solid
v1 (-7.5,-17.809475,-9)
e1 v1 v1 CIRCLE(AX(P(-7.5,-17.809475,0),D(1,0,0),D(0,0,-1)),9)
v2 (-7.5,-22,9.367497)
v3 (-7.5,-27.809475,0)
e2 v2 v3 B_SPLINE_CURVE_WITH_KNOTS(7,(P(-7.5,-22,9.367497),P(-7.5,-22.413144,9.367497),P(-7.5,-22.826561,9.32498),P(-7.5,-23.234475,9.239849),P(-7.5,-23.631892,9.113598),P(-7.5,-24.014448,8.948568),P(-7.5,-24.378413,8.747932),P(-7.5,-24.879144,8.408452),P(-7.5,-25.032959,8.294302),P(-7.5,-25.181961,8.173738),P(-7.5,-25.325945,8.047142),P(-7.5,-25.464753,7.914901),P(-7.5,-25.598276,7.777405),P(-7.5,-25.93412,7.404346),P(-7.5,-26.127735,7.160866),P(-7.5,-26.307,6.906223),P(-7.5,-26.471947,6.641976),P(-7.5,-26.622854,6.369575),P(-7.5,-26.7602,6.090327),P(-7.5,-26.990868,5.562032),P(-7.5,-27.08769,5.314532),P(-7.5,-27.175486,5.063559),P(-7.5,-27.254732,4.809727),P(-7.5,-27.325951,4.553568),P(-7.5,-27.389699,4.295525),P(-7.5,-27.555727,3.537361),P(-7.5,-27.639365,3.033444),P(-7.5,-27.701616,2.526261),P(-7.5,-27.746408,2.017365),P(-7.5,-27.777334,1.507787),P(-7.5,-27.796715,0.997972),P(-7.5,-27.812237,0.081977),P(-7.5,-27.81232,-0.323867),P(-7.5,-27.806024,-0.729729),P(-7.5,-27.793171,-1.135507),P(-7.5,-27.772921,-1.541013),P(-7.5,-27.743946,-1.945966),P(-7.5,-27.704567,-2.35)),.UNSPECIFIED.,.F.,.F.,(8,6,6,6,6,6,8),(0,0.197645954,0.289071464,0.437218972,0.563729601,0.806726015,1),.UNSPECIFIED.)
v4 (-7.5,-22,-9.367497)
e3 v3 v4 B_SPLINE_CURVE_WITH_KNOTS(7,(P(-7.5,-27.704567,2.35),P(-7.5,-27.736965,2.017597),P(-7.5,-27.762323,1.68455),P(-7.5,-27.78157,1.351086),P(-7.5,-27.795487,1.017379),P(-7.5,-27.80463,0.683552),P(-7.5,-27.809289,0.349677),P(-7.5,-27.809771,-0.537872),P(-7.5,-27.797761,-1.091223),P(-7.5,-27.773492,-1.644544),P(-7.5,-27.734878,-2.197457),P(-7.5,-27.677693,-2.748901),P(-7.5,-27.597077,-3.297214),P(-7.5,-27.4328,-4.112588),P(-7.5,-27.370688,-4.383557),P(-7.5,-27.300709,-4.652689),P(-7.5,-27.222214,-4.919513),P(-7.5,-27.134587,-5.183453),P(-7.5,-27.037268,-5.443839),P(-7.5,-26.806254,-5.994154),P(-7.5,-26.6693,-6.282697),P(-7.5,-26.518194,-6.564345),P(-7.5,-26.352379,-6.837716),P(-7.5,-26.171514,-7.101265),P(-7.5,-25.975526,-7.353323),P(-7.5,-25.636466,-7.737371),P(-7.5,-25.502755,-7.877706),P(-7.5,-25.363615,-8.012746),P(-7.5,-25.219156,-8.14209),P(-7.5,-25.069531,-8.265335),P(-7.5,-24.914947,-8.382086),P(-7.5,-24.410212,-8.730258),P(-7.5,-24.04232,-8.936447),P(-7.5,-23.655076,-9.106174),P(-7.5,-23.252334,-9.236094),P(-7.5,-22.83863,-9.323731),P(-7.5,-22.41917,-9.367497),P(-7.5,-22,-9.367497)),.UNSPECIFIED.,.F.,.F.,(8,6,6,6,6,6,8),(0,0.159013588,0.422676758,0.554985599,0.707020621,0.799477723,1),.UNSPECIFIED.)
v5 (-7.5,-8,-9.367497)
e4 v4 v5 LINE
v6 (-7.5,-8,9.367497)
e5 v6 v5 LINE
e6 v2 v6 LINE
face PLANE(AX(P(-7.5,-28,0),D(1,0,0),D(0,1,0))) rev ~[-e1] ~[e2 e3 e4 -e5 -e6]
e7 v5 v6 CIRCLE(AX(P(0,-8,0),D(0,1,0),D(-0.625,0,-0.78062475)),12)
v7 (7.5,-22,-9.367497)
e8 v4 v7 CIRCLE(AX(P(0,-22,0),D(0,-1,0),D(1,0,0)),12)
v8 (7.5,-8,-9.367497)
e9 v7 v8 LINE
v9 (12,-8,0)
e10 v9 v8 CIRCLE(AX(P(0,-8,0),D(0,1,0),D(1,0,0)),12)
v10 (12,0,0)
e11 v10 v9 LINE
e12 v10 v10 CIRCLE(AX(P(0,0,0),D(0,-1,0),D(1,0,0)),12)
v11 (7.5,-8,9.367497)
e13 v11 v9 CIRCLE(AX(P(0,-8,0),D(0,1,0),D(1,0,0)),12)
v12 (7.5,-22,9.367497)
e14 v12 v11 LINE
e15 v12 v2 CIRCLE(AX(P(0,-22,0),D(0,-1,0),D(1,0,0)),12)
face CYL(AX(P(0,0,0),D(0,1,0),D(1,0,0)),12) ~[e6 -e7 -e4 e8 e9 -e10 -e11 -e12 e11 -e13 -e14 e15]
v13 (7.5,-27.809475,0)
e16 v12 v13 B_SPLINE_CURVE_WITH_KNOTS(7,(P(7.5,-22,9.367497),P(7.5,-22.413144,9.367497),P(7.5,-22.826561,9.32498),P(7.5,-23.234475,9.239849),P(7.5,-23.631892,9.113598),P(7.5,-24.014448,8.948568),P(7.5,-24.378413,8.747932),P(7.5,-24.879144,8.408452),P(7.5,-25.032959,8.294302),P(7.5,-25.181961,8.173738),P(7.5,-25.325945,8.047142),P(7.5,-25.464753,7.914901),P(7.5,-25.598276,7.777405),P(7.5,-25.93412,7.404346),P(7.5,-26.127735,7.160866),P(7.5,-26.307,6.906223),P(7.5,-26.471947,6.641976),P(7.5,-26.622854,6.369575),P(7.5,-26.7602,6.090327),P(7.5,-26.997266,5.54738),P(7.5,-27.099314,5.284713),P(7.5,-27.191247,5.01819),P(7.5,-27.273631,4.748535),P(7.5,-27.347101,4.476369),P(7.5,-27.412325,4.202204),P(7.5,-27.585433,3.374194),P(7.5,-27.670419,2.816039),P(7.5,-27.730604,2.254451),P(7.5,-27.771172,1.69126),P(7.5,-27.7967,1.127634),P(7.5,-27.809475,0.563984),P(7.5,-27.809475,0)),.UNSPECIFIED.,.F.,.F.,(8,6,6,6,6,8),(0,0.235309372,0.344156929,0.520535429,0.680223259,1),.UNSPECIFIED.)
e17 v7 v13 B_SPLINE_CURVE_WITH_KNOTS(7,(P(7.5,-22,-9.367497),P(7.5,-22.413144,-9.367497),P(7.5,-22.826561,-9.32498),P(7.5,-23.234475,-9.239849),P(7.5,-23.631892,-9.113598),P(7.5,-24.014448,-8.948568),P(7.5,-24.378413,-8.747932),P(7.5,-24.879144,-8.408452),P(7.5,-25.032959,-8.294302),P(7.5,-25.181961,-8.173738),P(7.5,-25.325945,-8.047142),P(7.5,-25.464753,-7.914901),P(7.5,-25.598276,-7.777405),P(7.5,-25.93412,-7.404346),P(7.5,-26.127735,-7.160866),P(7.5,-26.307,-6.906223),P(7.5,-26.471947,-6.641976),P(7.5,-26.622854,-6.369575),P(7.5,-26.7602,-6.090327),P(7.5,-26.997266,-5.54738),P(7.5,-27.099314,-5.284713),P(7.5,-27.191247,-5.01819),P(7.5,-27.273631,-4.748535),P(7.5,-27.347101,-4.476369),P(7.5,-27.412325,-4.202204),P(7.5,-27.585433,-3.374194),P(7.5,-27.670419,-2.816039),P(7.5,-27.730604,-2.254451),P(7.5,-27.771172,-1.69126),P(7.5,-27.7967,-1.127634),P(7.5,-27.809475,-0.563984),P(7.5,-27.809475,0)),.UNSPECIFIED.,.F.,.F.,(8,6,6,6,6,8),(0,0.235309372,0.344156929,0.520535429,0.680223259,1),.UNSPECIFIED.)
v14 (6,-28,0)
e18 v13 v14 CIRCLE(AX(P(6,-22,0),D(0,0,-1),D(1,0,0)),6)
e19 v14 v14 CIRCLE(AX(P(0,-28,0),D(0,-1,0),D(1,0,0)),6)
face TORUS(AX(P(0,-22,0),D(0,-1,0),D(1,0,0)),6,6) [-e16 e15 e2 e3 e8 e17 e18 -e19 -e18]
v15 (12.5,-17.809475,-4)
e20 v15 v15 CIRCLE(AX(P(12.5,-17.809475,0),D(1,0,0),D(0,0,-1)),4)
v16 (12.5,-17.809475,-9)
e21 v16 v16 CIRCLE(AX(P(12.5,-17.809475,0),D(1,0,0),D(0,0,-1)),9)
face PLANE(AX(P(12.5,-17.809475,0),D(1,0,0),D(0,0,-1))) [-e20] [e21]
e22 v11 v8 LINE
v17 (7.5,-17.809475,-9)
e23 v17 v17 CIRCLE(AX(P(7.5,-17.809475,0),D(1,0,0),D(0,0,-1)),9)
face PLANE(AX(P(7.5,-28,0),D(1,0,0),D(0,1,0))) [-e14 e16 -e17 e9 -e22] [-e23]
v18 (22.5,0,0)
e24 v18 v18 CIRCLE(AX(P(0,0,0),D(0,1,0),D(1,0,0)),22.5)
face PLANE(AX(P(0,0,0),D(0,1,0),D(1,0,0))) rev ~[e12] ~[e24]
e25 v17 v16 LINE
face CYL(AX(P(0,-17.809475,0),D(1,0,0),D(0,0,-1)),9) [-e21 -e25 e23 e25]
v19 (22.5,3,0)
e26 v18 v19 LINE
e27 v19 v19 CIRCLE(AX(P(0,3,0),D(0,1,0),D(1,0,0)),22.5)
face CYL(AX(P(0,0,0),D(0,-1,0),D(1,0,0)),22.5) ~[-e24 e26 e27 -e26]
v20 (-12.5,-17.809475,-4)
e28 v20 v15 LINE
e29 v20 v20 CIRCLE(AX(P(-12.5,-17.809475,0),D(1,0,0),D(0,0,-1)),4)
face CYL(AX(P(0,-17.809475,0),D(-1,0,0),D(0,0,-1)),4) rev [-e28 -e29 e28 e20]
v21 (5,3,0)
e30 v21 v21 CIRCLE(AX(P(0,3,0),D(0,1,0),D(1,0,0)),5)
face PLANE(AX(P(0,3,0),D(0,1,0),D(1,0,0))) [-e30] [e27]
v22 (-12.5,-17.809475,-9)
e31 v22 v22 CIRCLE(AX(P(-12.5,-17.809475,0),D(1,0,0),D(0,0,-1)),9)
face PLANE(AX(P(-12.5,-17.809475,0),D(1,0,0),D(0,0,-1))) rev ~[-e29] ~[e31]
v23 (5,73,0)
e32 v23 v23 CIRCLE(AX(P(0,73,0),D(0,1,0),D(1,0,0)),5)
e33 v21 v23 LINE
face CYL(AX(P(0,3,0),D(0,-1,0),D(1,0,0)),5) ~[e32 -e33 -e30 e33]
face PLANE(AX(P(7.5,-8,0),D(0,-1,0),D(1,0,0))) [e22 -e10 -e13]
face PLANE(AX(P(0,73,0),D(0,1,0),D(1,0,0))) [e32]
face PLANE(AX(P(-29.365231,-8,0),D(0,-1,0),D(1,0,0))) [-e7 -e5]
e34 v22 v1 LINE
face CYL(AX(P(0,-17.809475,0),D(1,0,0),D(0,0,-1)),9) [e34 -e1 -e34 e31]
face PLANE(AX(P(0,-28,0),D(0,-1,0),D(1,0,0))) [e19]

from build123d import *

# Parameters (mm, degrees)
SKETCH1_R               = 22.5
BOSS_EXTRUDE1_DEPTH     = 3
SKETCH2_R               = 5
BOSS_EXTRUDE2_DEPTH     = 70
SKETCH3_R               = 12
BOSS_EXTRUDE3_DEPTH     = 28
FILLET1_R               = 6
SKETCH4_W               = 21.865231439
SKETCH4_H               = 20
CUT_EXTRUDE1_DEPTH      = 23.5
CUT_EXTRUDE1_DEPTH_BACK = 23.5
SKETCH5_R               = 4
CUT_EXTRUDE3_DEPTH      = 16
CUT_EXTRUDE3_DEPTH_BACK = 31
SKETCH7_R               = 9
SKETCH7_R_2             = 4
BOSS_EXTRUDE4_DEPTH     = 12.5


with BuildPart() as part:
    # Sketch1 → Boss-Extrude1 (new body)
    with BuildSketch(Plane(origin=(0, 0, 0), x_dir=(1, 0, 0), z_dir=(0, 1, 0))):
        Circle(SKETCH1_R)
    extrude(amount=BOSS_EXTRUDE1_DEPTH)

    # Sketch2 → Boss-Extrude2 (add)
    with BuildSketch(Plane(origin=(0, 3, 0), x_dir=(1, 0, 0), z_dir=(0, 1, 0))):
        Circle(SKETCH2_R)
    extrude(amount=BOSS_EXTRUDE2_DEPTH)

    # Sketch3 → Boss-Extrude3 (add)
    with BuildSketch(Plane.XZ):
        Circle(SKETCH3_R)
    extrude(amount=BOSS_EXTRUDE3_DEPTH)

    # Fillet1
    fillet1_edges = [part.edges().sort_by_distance(p)[0] for p in [
        (-12, -28, 0),
    ]]
    fillet(fillet1_edges, radius=FILLET1_R)

    # Sketch4 → Cut-Extrude1 (cut, two sides)
    with BuildSketch(Plane.XY) as cut_extrude1_sk:
        with Locations((18.43261572, -18)):
            Rectangle(SKETCH4_W, SKETCH4_H)
        with Locations((-18.43261572, -18)):
            Rectangle(SKETCH4_W, SKETCH4_H)
    extrude(amount=CUT_EXTRUDE1_DEPTH, mode=Mode.SUBTRACT)
    extrude(cut_extrude1_sk.sketch, amount=-CUT_EXTRUDE1_DEPTH_BACK, mode=Mode.SUBTRACT)

    # Sketch5 → Cut-Extrude3 (cut, two sides)
    with BuildSketch(Plane(origin=(7.5, 0, 0), x_dir=(0, 0, -1), z_dir=(1, 0, 0))) as cut_extrude3_sk:
        with Locations((0, -17.809475225)):
            Circle(SKETCH5_R)
    extrude(amount=CUT_EXTRUDE3_DEPTH, mode=Mode.SUBTRACT)
    extrude(cut_extrude3_sk.sketch, amount=-CUT_EXTRUDE3_DEPTH_BACK, mode=Mode.SUBTRACT)

    # Sketch7 → Boss-Extrude4 (add, symmetric)
    with BuildSketch(Plane(origin=(0, 0, 0), x_dir=(0, 0, -1), z_dir=(1, 0, 0))):
        with Locations((0, -17.809475225)):
            Circle(SKETCH7_R)
        with Locations((0, -17.809475225)):
            Circle(SKETCH7_R_2, mode=Mode.SUBTRACT)
    extrude(amount=BOSS_EXTRUDE4_DEPTH, both=True)


solid = part.part
